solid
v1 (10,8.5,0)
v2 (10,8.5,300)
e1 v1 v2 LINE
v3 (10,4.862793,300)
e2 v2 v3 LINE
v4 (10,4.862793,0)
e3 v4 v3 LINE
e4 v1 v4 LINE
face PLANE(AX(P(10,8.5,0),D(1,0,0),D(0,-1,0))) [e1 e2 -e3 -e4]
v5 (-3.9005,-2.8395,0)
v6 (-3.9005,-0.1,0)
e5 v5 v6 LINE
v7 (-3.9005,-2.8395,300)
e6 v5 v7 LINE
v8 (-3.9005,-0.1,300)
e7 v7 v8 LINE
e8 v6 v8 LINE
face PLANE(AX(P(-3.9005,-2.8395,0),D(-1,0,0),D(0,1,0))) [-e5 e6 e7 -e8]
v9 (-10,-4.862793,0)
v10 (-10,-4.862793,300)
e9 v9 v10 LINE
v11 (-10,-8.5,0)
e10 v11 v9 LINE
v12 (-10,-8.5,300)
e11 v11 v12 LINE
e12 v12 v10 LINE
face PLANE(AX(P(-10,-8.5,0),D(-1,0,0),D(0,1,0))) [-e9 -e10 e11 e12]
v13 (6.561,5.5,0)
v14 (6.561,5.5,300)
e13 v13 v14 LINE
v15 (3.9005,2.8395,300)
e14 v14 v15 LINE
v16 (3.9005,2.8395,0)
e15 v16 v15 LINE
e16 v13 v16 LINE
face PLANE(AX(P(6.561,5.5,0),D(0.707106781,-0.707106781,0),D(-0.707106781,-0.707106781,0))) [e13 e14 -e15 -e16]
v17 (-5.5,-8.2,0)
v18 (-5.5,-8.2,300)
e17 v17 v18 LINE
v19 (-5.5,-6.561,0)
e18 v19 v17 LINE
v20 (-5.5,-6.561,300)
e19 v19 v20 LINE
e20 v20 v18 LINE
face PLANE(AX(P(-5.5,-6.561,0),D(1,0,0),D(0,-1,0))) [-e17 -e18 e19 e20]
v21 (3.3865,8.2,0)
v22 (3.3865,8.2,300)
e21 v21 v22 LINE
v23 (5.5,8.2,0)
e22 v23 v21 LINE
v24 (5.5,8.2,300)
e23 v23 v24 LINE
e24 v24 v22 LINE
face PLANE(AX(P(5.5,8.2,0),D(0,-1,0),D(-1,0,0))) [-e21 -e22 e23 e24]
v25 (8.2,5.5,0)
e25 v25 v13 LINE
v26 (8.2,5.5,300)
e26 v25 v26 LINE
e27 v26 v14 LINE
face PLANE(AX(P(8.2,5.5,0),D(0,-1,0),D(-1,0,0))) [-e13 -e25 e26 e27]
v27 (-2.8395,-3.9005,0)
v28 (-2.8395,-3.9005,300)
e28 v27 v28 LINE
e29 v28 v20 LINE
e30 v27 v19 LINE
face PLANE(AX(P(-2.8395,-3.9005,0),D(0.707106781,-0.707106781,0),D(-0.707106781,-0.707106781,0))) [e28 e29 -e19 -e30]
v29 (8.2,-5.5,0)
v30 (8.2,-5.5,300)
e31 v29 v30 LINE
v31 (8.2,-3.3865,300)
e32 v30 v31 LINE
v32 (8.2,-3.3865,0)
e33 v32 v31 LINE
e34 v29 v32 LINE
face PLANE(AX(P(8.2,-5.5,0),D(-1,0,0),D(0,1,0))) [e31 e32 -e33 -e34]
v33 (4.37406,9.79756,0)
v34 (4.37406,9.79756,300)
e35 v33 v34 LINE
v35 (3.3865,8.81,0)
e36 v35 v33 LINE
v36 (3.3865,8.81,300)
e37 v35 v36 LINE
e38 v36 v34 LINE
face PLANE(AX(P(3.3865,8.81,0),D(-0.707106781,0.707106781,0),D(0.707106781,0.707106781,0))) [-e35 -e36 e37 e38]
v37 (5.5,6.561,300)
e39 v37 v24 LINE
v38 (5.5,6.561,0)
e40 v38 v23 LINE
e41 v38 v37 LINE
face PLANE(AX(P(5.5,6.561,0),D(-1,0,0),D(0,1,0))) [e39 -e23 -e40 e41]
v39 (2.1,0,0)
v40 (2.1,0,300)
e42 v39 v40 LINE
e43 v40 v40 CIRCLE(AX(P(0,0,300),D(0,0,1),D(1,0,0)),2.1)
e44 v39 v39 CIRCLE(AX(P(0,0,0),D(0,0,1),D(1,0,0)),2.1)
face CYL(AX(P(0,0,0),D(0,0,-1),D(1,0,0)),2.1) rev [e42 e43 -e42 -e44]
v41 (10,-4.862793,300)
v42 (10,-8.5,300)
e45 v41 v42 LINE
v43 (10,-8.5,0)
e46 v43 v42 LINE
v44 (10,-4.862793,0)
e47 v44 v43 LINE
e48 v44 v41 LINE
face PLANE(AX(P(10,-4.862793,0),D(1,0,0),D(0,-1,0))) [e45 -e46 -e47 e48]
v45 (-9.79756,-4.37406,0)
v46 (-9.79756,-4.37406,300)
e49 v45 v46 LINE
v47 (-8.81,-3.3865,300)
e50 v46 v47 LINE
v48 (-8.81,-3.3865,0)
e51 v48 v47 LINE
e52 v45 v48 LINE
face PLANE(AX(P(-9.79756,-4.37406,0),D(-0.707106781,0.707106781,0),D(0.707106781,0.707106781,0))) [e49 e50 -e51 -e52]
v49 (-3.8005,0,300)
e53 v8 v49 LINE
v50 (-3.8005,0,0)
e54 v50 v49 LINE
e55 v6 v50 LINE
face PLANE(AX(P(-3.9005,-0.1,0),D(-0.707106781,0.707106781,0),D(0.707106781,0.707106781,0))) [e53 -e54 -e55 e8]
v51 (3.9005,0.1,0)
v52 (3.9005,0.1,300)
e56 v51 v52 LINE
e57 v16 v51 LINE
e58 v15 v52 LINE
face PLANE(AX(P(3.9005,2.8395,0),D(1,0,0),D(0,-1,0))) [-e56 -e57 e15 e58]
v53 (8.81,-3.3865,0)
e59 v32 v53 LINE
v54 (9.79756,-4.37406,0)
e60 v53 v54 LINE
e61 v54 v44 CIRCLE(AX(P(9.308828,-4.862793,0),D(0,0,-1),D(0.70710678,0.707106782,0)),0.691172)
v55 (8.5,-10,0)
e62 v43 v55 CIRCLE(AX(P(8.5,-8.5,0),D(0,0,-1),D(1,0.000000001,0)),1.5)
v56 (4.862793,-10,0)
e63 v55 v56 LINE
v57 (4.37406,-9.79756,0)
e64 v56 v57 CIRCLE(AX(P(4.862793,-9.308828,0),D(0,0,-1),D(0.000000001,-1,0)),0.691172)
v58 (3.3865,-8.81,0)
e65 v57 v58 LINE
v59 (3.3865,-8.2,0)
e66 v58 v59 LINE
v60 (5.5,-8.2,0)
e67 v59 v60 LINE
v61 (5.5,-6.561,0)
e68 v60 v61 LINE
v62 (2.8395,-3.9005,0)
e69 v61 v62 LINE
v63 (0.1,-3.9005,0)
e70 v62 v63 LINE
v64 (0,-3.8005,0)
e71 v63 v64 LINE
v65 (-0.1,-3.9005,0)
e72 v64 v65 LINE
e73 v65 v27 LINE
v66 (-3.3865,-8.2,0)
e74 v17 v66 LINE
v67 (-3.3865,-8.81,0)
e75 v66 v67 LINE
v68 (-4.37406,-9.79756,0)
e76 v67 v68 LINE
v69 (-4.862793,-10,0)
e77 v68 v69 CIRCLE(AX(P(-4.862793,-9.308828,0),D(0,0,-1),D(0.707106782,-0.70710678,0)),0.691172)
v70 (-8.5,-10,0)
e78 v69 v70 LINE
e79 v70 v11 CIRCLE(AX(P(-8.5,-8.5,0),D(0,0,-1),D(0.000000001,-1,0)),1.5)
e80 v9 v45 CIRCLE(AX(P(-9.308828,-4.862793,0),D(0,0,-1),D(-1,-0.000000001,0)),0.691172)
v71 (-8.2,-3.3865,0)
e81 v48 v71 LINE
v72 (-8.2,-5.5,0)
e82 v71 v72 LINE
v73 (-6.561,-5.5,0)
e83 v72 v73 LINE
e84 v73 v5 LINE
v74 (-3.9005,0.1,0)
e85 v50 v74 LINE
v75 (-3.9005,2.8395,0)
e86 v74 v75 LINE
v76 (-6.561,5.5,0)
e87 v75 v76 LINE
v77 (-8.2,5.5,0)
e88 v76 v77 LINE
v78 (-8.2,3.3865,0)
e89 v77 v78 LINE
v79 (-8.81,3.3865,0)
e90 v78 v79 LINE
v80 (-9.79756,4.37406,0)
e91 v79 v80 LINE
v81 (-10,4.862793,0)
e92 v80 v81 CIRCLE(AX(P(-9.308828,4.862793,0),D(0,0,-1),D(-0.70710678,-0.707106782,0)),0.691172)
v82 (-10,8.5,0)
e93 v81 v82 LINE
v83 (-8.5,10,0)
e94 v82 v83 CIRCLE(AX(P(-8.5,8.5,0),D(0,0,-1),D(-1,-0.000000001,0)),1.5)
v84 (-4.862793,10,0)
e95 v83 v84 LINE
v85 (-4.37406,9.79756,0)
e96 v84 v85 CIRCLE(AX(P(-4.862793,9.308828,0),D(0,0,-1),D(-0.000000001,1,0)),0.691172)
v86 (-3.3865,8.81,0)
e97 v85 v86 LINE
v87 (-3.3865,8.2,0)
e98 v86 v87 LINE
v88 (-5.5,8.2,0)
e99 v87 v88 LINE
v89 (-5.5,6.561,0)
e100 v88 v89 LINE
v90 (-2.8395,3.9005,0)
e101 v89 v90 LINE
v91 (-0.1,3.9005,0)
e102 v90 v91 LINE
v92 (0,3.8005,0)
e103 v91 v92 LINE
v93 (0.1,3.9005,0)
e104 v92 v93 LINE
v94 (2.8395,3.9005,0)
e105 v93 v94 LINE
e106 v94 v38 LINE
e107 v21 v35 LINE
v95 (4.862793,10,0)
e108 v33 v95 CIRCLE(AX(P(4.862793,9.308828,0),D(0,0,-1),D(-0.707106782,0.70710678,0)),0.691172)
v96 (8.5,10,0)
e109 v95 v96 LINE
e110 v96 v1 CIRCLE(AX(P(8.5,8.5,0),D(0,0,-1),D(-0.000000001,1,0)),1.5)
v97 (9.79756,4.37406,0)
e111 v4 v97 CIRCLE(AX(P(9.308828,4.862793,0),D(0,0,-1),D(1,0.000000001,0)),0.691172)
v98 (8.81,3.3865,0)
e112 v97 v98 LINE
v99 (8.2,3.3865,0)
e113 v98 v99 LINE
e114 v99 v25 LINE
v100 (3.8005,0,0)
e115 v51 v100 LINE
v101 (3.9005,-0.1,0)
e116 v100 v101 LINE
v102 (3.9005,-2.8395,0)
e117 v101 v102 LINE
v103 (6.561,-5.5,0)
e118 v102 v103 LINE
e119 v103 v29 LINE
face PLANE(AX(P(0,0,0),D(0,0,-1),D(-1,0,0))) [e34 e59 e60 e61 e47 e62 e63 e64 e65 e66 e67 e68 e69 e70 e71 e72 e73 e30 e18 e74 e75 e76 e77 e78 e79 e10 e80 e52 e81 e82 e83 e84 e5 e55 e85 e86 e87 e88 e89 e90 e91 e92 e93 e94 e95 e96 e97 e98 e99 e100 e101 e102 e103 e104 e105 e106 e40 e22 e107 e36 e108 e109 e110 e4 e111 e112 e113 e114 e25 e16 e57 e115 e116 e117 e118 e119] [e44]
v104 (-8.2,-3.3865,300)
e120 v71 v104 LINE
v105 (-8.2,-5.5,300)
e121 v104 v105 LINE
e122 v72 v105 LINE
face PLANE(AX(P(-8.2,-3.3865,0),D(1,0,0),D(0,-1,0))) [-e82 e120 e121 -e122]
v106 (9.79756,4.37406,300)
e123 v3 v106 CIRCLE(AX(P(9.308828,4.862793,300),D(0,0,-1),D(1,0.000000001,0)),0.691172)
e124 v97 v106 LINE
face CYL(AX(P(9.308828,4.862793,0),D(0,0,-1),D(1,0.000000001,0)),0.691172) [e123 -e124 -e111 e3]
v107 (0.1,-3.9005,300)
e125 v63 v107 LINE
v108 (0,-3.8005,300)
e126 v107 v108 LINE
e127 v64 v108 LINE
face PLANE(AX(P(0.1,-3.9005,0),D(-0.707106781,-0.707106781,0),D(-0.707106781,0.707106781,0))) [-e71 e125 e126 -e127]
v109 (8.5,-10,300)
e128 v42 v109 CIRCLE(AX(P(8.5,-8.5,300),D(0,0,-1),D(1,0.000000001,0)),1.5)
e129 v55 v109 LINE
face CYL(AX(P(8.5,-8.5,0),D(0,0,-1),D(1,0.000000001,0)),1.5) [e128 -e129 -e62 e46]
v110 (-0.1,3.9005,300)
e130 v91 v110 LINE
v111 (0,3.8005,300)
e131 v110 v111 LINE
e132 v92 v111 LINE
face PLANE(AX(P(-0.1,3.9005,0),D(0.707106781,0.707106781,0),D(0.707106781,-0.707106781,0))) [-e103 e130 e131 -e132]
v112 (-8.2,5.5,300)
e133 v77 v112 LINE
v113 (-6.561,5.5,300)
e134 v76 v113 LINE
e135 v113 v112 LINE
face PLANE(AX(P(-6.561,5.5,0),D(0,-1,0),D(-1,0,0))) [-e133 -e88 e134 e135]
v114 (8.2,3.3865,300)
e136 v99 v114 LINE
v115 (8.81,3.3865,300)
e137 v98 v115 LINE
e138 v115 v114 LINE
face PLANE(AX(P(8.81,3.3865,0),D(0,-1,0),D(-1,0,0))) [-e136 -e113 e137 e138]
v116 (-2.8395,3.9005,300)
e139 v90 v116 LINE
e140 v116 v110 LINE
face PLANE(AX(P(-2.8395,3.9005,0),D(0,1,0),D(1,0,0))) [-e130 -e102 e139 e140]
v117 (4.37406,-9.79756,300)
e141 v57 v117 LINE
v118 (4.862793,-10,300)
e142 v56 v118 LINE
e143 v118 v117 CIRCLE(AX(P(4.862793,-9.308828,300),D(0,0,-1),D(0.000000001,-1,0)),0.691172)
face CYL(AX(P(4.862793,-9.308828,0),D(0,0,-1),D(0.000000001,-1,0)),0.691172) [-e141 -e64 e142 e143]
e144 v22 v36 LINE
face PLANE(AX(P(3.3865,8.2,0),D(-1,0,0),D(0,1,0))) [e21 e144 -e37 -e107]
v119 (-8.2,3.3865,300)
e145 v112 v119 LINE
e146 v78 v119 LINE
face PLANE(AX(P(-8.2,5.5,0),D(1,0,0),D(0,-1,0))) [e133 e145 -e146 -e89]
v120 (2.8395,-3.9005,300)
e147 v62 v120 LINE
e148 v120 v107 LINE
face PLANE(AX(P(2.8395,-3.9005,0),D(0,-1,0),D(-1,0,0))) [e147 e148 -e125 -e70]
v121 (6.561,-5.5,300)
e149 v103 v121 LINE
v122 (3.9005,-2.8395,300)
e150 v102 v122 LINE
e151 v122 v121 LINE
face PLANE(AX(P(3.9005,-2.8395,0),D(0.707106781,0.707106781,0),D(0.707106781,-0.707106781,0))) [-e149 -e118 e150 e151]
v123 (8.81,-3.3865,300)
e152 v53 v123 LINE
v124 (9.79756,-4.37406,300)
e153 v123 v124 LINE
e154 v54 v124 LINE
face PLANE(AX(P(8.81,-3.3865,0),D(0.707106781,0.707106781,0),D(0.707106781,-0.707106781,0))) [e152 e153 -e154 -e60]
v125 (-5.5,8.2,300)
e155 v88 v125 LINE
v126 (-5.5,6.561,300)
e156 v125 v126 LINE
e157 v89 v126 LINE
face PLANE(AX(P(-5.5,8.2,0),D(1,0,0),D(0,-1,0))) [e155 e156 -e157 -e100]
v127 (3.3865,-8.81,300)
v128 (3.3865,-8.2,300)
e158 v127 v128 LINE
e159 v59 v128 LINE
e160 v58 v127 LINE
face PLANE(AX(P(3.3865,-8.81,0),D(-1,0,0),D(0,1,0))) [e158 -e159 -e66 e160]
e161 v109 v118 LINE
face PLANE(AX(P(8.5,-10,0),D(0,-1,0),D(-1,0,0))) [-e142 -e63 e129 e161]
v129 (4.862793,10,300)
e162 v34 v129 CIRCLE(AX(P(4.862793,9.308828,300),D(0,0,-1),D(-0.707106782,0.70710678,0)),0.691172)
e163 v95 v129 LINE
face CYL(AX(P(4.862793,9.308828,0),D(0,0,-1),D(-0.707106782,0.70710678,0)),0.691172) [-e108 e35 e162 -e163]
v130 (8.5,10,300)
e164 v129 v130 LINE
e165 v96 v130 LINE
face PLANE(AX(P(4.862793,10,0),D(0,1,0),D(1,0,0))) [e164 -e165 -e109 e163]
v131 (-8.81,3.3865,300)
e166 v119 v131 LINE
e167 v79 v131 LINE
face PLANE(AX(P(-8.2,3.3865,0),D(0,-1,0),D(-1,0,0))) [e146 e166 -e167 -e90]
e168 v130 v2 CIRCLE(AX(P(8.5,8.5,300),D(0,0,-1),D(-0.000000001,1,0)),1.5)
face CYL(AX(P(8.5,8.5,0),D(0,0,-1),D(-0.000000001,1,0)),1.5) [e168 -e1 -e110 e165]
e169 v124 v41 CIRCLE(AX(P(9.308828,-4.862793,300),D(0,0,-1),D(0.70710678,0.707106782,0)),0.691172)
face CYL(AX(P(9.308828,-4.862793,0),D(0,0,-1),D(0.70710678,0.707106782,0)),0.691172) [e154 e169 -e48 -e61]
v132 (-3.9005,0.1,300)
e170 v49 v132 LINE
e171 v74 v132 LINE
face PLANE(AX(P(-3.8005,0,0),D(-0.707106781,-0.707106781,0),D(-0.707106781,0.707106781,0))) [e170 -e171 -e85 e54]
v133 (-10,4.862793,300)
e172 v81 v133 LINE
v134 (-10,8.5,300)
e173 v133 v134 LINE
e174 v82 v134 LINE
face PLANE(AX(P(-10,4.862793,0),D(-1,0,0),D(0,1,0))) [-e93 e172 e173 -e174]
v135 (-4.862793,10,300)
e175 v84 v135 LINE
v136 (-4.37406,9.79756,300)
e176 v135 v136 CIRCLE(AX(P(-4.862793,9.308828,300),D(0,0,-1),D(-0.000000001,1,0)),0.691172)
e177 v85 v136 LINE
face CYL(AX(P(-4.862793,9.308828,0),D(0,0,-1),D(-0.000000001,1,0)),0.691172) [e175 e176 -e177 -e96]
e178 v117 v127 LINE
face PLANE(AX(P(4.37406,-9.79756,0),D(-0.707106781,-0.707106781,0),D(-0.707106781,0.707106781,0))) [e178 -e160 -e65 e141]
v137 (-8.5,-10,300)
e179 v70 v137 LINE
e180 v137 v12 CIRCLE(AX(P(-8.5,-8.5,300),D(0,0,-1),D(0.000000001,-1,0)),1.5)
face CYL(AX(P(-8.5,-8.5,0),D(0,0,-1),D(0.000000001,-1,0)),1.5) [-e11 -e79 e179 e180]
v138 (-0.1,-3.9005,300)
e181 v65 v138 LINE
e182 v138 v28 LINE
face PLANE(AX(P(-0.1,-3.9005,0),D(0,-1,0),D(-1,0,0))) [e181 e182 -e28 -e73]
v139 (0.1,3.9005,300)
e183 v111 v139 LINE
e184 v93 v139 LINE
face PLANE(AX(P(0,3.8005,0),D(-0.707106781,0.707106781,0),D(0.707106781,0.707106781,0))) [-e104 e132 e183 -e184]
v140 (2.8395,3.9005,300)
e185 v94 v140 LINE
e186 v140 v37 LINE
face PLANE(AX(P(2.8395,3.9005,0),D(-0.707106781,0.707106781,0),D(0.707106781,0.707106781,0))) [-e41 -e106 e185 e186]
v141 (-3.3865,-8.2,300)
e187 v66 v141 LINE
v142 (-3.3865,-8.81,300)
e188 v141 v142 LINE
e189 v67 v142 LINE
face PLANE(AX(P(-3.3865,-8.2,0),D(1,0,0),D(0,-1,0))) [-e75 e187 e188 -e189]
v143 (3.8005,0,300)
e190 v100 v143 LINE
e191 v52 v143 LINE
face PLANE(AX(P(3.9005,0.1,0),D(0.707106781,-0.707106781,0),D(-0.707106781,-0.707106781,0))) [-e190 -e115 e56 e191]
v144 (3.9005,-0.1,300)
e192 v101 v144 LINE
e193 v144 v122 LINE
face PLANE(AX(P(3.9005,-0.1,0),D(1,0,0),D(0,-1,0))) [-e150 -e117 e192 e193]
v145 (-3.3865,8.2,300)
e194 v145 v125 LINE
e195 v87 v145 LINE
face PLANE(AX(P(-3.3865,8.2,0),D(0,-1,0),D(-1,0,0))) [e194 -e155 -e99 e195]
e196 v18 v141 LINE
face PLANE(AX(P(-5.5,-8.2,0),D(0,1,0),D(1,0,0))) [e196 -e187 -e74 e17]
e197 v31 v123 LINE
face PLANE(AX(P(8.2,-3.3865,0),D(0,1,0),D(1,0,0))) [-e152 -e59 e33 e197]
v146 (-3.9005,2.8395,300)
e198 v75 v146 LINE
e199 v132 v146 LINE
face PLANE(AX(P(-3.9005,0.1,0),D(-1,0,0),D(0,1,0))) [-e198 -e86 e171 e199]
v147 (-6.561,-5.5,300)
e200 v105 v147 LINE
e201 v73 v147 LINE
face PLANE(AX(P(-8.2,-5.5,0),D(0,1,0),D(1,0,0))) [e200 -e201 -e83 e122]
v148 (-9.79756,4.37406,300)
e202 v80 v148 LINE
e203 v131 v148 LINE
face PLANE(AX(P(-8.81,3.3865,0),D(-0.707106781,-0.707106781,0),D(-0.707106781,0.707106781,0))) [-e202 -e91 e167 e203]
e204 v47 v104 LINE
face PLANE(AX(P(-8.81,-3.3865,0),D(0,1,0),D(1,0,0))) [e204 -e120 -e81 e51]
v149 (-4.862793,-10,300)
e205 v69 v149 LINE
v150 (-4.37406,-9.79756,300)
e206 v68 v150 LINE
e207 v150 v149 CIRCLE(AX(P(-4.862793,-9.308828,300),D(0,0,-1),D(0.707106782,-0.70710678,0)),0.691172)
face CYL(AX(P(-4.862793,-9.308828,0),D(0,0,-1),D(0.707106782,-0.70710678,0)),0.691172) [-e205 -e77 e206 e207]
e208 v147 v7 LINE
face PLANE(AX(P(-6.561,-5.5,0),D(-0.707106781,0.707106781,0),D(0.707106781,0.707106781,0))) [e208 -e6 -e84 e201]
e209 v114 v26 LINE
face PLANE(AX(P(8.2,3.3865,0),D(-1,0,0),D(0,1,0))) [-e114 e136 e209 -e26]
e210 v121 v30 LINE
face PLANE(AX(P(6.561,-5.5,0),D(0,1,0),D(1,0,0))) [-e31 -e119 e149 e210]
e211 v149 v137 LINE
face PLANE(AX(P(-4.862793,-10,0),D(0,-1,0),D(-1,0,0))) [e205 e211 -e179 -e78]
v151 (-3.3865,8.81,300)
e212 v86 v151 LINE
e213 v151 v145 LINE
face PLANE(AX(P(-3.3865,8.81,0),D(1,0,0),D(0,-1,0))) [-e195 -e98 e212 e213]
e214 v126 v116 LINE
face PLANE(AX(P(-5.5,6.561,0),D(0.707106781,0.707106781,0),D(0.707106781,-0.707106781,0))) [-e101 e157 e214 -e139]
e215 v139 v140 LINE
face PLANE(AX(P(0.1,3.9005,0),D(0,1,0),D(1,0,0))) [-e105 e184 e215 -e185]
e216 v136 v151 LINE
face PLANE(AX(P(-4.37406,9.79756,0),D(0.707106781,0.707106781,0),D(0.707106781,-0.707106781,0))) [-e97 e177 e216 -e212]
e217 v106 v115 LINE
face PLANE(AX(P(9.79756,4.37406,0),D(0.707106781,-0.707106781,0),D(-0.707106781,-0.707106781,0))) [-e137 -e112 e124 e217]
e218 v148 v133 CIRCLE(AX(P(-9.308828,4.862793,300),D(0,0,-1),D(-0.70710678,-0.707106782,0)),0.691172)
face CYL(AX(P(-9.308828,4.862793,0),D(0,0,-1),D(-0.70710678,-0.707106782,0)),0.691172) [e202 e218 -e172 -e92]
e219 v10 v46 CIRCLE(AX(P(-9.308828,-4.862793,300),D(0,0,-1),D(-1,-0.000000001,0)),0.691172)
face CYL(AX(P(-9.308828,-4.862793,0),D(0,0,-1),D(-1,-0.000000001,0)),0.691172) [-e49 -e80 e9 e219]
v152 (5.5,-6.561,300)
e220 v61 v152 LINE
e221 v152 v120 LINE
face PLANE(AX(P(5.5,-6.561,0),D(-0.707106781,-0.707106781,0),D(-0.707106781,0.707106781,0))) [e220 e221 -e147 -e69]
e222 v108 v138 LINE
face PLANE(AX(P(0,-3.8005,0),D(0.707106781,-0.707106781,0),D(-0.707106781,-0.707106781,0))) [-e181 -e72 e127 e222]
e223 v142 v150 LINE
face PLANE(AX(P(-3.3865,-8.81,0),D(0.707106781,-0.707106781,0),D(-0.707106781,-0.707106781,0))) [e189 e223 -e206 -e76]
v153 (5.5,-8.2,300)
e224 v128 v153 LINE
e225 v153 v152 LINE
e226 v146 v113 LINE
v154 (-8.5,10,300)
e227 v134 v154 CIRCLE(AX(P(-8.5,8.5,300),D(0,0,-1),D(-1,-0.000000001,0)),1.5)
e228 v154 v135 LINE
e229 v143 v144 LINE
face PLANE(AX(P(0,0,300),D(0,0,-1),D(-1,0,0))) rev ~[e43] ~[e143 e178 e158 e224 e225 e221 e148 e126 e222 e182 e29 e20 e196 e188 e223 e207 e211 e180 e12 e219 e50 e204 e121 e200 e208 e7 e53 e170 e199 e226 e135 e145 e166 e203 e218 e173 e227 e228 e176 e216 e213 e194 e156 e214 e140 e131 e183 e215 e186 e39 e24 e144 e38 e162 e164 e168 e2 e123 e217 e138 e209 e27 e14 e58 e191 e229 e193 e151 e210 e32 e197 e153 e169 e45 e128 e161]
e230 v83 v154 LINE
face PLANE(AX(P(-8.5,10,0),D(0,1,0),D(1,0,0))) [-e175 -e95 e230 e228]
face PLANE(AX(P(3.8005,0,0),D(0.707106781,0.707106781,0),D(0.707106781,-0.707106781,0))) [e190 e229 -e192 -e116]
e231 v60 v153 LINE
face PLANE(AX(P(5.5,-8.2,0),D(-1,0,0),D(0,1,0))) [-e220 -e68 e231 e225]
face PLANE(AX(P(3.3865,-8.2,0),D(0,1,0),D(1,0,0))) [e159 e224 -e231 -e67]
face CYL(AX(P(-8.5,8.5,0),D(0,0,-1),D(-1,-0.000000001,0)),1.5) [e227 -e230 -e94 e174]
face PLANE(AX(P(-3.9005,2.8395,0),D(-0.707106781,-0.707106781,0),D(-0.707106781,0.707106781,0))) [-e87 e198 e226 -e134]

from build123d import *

# Parameters (mm, degrees)
SKETCH1_R           = 2.1
BOSS_EXTRUDE1_DEPTH = 300


with BuildPart() as part:
    # Sketch1 → Boss-Extrude1 (new body)
    with BuildSketch(Plane.XY):
        with BuildLine():
            Line((-8.5, 10), (-4.862792737, 10))
            ThreePointArc((-4.862792737, 10), (-4.598292737, 9.947387679), (-4.374060464, 9.797560464))
            Line((-4.374060464, 9.797560464), (-3.3865, 8.81))
            Line((-3.3865, 8.81), (-3.3865, 8.2))
            Line((-3.3865, 8.2), (-5.5, 8.2))
            Line((-5.5, 8.2), (-5.5, 6.561))
            Line((-5.5, 6.561), (-2.8395, 3.9005))
            Line((-2.8395, 3.9005), (-0.1, 3.9005))
            Line((-0.1, 3.9005), (0, 3.8005))
            Line((0, 3.8005), (0.1, 3.9005))
            Line((0.1, 3.9005), (2.8395, 3.9005))
            Line((2.8395, 3.9005), (5.5, 6.561))
            Line((5.5, 6.561), (5.5, 8.2))
            Line((5.5, 8.2), (3.3865, 8.2))
            Line((3.3865, 8.2), (3.3865, 8.81))
            Line((3.3865, 8.81), (4.374060464, 9.797560464))
            ThreePointArc((4.374060464, 9.797560464), (4.598292737, 9.947387679), (4.862792737, 10))
            Line((4.862792737, 10), (8.5, 10))
            ThreePointArc((8.5, 10), (9.560660172, 9.560660172), (10, 8.5))
            Line((10, 8.5), (10, 4.862792737))
            ThreePointArc((10, 4.862792737), (9.947387679, 4.598292737), (9.797560464, 4.374060464))
            Line((9.797560464, 4.374060464), (8.81, 3.3865))
            Line((8.81, 3.3865), (8.2, 3.3865))
            Line((8.2, 3.3865), (8.2, 5.5))
            Line((8.2, 5.5), (6.561, 5.5))
            Line((6.561, 5.5), (3.9005, 2.8395))
            Line((3.9005, 2.8395), (3.9005, 0.1))
            Line((3.9005, 0.1), (3.8005, 0))
            Line((3.8005, 0), (3.9005, -0.1))
            Line((3.9005, -0.1), (3.9005, -2.8395))
            Line((3.9005, -2.8395), (6.561, -5.5))
            Line((6.561, -5.5), (8.2, -5.5))
            Line((8.2, -5.5), (8.2, -3.3865))
            Line((8.2, -3.3865), (8.81, -3.3865))
            Line((8.81, -3.3865), (9.797560464, -4.374060464))
            ThreePointArc((9.797560464, -4.374060464), (9.947387679, -4.598292737), (10, -4.862792737))
            Line((10, -4.862792737), (10, -8.5))
            ThreePointArc((10, -8.5), (9.560660172, -9.560660172), (8.5, -10))
            Line((8.5, -10), (4.862792737, -10))
            ThreePointArc((4.862792737, -10), (4.598292737, -9.947387679), (4.374060464, -9.797560464))
            Line((4.374060464, -9.797560464), (3.3865, -8.81))
            Line((3.3865, -8.81), (3.3865, -8.2))
            Line((3.3865, -8.2), (5.5, -8.2))
            Line((5.5, -8.2), (5.5, -6.561))
            Line((5.5, -6.561), (2.8395, -3.9005))
            Line((2.8395, -3.9005), (0.1, -3.9005))
            Line((0.1, -3.9005), (0, -3.8005))
            Line((0, -3.8005), (-0.1, -3.9005))
            Line((-0.1, -3.9005), (-2.8395, -3.9005))
            Line((-2.8395, -3.9005), (-5.5, -6.561))
            Line((-5.5, -6.561), (-5.5, -8.2))
            Line((-5.5, -8.2), (-3.3865, -8.2))
            Line((-3.3865, -8.2), (-3.3865, -8.81))
            Line((-3.3865, -8.81), (-4.374060464, -9.797560464))
            ThreePointArc((-4.374060464, -9.797560464), (-4.598292737, -9.947387679), (-4.862792737, -10))
            Line((-4.862792737, -10), (-8.5, -10))
            ThreePointArc((-8.5, -10), (-9.560660172, -9.560660172), (-10, -8.5))
            Line((-10, -8.5), (-10, -4.862792737))
            ThreePointArc((-10, -4.862792737), (-9.947387679, -4.598292737), (-9.797560464, -4.374060464))
            Line((-9.797560464, -4.374060464), (-8.81, -3.3865))
            Line((-8.81, -3.3865), (-8.2, -3.3865))
            Line((-8.2, -3.3865), (-8.2, -5.5))
            Line((-8.2, -5.5), (-6.561, -5.5))
            Line((-6.561, -5.5), (-3.9005, -2.8395))
            Line((-3.9005, -2.8395), (-3.9005, -0.1))
            Line((-3.9005, -0.1), (-3.8005, 0))
            Line((-3.8005, 0), (-3.9005, 0.1))
            Line((-3.9005, 0.1), (-3.9005, 2.8395))
            Line((-3.9005, 2.8395), (-6.561, 5.5))
            Line((-6.561, 5.5), (-8.2, 5.5))
            Line((-8.2, 5.5), (-8.2, 3.3865))
            Line((-8.2, 3.3865), (-8.81, 3.3865))
            Line((-8.81, 3.3865), (-9.797560464, 4.374060464))
            ThreePointArc((-9.797560464, 4.374060464), (-9.947387679, 4.598292737), (-10, 4.862792737))
            Line((-10, 4.862792737), (-10, 8.5))
            ThreePointArc((-10, 8.5), (-9.560660172, 9.560660172), (-8.5, 10))
        make_face()
        Circle(SKETCH1_R, mode=Mode.SUBTRACT)
    extrude(amount=BOSS_EXTRUDE1_DEPTH)


solid = part.part
